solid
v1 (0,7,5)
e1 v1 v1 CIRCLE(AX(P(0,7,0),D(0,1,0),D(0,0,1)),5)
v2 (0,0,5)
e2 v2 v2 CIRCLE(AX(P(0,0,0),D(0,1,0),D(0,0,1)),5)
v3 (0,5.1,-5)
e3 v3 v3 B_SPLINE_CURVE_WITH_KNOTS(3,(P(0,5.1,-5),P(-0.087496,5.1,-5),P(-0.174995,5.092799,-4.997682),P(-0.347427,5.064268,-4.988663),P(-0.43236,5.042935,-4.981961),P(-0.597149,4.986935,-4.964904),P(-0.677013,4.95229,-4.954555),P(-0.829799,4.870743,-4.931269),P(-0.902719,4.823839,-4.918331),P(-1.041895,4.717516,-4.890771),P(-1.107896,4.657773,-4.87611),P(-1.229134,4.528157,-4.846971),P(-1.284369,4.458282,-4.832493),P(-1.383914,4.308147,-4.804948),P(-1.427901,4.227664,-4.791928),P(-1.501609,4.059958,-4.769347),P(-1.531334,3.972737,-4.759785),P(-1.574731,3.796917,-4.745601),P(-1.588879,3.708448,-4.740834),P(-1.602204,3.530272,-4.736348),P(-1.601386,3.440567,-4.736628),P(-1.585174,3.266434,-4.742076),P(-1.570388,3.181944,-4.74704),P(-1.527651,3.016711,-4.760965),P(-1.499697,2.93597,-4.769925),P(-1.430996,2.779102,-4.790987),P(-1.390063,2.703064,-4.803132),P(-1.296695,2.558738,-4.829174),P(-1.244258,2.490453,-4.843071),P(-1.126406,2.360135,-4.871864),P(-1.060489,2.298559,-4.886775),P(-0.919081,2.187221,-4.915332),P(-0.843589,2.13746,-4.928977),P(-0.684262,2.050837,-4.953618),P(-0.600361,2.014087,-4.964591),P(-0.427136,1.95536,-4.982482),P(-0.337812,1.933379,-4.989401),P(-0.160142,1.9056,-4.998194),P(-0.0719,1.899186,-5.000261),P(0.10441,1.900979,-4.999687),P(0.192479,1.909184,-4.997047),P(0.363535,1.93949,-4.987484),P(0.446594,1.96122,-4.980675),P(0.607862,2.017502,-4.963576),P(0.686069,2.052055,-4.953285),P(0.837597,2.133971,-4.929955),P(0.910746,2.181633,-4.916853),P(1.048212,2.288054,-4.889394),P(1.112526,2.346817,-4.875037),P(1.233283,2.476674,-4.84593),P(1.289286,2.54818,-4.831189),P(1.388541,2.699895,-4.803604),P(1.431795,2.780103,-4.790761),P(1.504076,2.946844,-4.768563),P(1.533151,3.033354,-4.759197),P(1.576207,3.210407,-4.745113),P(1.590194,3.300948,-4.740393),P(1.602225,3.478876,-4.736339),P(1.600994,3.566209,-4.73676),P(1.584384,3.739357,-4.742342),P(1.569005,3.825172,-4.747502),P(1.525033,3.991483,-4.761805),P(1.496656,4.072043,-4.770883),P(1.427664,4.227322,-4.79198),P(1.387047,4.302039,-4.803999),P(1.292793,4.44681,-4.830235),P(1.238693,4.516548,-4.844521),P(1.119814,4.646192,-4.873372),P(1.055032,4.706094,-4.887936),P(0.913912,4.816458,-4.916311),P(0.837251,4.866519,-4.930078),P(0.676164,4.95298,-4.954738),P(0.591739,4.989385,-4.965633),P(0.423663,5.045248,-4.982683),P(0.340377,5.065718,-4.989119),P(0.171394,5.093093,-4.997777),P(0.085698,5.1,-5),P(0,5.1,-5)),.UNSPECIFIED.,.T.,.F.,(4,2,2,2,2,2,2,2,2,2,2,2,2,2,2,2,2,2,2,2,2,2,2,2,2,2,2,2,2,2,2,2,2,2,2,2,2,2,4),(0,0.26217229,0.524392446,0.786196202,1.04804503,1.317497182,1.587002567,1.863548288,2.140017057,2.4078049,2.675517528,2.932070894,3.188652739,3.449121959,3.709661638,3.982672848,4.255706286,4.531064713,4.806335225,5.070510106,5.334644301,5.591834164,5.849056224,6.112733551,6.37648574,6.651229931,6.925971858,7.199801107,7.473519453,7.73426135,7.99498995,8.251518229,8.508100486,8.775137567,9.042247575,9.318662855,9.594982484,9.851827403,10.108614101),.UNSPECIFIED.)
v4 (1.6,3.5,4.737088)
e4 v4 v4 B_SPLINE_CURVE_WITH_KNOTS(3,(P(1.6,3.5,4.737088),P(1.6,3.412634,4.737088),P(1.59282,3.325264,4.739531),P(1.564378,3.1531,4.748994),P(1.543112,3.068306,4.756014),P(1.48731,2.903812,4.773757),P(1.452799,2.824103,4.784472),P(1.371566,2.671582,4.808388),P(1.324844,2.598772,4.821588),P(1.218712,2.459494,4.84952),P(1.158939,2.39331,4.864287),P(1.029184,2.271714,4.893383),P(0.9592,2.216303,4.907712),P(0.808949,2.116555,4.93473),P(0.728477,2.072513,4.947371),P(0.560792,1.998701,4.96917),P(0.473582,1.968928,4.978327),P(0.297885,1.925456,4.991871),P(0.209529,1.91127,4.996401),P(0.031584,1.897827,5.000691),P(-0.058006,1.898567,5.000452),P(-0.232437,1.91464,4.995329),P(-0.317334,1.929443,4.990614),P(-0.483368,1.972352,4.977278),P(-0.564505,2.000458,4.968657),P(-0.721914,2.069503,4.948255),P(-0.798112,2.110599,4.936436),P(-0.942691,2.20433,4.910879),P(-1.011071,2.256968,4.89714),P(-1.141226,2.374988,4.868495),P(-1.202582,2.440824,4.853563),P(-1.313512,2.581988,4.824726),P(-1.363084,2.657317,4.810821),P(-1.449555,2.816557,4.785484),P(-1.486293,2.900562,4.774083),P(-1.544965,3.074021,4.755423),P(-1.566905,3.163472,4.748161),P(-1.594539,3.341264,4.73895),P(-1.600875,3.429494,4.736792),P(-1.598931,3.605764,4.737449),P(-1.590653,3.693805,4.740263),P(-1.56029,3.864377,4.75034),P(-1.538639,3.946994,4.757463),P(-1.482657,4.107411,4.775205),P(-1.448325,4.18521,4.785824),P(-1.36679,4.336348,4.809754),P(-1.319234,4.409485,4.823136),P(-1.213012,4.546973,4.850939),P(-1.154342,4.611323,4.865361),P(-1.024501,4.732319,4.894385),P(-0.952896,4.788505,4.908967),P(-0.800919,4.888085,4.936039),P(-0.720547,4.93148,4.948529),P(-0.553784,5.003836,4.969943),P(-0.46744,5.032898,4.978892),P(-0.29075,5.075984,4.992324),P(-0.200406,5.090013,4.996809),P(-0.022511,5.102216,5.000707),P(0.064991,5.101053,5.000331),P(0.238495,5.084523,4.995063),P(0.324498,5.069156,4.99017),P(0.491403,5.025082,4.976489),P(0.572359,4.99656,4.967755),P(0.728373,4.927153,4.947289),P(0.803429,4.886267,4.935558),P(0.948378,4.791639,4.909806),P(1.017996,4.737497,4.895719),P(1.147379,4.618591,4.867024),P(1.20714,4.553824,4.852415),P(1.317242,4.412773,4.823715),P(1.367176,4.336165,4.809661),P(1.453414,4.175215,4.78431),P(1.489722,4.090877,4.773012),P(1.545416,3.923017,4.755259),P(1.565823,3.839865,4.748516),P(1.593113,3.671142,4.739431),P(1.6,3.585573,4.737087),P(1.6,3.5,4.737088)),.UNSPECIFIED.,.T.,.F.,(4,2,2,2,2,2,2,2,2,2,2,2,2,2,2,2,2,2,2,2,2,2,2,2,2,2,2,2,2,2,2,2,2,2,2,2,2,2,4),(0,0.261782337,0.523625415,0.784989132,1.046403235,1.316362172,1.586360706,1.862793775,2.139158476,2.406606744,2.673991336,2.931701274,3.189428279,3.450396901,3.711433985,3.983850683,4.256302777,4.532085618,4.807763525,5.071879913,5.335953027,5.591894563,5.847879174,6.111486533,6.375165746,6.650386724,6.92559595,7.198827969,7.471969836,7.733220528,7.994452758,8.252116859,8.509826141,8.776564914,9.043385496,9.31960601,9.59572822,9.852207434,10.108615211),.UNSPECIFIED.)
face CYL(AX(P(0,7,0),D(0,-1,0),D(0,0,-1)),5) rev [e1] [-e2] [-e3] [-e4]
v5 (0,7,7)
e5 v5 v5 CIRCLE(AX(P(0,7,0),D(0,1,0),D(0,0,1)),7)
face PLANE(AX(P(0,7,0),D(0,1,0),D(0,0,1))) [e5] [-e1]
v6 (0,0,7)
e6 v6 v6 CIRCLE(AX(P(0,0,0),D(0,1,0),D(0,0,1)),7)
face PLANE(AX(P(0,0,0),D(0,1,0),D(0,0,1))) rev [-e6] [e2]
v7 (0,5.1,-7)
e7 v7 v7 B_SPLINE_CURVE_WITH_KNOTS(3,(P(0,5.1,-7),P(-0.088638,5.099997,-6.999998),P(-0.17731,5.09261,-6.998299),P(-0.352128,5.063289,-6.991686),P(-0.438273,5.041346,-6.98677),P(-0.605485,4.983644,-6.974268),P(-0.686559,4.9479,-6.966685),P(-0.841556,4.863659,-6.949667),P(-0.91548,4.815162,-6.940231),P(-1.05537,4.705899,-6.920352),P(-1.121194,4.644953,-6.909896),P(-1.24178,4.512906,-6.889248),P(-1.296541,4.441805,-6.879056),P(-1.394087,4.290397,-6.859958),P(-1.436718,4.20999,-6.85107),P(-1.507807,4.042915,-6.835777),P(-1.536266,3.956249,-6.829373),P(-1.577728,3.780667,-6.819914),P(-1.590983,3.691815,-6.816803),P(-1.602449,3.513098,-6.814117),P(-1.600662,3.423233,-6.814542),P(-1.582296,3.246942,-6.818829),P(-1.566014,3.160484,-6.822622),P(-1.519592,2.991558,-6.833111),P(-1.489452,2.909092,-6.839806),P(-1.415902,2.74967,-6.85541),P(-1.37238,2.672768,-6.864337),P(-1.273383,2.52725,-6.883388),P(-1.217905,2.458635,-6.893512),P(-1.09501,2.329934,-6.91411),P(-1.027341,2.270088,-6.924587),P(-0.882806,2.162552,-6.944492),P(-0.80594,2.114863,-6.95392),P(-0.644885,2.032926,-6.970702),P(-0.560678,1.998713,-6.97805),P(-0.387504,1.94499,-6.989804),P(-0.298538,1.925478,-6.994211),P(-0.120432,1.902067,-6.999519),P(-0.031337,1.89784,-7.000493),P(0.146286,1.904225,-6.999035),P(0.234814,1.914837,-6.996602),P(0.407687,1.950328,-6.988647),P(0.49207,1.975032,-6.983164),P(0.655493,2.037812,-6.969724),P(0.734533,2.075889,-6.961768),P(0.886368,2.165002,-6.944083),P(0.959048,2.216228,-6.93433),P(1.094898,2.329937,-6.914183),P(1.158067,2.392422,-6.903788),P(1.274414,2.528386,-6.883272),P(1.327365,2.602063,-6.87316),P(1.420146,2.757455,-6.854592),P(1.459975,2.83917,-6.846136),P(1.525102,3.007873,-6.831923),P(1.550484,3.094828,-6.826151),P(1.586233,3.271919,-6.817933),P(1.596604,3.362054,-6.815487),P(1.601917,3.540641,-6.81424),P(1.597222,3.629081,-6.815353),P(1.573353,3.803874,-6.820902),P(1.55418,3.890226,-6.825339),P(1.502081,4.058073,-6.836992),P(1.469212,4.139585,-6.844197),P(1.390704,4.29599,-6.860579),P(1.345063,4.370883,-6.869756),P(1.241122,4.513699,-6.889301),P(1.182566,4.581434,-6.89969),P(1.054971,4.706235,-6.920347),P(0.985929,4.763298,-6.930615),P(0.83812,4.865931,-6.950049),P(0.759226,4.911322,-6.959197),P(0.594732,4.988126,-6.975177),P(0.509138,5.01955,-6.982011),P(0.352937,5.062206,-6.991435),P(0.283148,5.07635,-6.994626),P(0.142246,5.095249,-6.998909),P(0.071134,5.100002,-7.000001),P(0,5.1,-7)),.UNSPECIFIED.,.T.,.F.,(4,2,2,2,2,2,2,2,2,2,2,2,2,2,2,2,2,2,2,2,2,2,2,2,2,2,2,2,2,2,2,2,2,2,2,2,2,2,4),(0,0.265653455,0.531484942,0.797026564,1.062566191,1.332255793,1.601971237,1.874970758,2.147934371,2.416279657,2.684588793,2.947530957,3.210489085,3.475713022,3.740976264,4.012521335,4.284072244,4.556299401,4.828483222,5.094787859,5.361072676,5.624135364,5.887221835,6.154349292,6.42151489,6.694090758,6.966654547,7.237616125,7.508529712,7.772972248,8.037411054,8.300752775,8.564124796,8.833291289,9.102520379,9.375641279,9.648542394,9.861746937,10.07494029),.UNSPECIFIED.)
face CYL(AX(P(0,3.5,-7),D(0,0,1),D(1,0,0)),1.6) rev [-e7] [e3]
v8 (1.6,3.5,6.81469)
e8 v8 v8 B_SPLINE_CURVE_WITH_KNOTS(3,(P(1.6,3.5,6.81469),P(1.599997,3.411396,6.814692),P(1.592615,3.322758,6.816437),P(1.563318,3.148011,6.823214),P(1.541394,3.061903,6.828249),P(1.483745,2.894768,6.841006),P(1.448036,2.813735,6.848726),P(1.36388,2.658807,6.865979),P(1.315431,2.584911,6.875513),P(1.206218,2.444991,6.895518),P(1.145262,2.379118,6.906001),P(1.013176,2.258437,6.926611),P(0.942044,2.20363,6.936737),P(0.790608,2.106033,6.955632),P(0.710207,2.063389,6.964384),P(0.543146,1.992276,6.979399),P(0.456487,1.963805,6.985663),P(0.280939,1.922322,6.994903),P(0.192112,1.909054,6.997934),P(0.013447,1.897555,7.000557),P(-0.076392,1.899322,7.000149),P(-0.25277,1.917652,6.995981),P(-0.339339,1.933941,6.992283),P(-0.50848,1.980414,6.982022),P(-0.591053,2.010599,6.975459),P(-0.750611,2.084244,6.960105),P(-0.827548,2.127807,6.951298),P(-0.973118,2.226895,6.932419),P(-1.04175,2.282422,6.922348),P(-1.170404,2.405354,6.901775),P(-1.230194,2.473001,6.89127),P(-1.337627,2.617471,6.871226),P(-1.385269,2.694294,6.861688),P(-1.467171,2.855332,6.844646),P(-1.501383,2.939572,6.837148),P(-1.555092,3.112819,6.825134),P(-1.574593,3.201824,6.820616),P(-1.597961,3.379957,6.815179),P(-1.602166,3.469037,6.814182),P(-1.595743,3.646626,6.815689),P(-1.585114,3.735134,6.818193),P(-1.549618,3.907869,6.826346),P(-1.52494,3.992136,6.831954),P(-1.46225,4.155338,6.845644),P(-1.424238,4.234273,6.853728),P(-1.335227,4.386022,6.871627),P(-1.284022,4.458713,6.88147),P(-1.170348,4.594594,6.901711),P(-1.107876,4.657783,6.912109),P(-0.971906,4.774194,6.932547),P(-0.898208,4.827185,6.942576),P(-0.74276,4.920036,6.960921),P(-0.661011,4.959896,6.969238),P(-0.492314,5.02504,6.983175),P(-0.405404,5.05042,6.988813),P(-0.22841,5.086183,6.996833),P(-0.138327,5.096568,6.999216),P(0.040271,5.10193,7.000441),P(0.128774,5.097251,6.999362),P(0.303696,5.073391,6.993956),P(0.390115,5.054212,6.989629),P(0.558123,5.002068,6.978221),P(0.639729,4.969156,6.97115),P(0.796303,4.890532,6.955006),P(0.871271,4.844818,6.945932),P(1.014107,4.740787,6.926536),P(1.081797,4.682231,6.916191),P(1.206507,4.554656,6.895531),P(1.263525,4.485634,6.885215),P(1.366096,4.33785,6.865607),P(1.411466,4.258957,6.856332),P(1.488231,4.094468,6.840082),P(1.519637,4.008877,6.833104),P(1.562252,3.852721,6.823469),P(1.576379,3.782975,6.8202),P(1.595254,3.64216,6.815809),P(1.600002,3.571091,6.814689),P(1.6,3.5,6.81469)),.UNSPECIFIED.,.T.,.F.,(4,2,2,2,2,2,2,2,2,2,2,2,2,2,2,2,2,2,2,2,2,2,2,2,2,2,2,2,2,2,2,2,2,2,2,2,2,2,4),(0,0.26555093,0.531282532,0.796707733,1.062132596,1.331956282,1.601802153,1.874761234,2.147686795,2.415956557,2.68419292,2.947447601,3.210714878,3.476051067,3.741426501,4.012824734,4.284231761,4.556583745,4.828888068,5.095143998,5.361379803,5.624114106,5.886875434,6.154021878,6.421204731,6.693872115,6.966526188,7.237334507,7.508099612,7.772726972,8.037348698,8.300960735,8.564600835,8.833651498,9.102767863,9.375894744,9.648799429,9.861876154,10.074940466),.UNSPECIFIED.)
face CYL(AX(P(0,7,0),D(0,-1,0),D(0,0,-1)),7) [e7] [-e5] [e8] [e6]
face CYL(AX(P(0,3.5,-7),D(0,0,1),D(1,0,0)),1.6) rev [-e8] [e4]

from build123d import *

# Parameters (mm, degrees)
ESBO_O1_R                  = 7
ESBO_O1_R_2                = 5
RESSALTO_EXTRUS_O1_DEPTH   = 7
CORTE_EXTRUS_O1_DEPTH      = 13.124355653
CORTE_EXTRUS_O1_DEPTH_BACK = 13.124355653
ESBO_O2_R                  = 1.6


with BuildPart() as part:
    # Esboço1 → Ressalto-extrusão1 (new body)
    with BuildSketch(Plane(origin=(0, 0, 0), x_dir=(1, 0, 0), z_dir=(0, 1, 0))):
        with Locations(Location((0, 0, 0), (0, 0, 270))):
            Circle(ESBO_O1_R)
        with Locations(Location((0, 0, 0), (0, 0, 270))):
            Circle(ESBO_O1_R_2, mode=Mode.SUBTRACT)
    extrude(amount=RESSALTO_EXTRUS_O1_DEPTH)

    # Esboço2 → Corte-extrusão1 (cut, two sides: drawn at the far end of the back side and taken through both)
    with BuildSketch(Plane.XY.offset(-CORTE_EXTRUS_O1_DEPTH_BACK)):
        with Locations((0, 3.5)):
            Circle(ESBO_O2_R)
    extrude(amount=CORTE_EXTRUS_O1_DEPTH + CORTE_EXTRUS_O1_DEPTH_BACK, mode=Mode.SUBTRACT)


solid = part.part
